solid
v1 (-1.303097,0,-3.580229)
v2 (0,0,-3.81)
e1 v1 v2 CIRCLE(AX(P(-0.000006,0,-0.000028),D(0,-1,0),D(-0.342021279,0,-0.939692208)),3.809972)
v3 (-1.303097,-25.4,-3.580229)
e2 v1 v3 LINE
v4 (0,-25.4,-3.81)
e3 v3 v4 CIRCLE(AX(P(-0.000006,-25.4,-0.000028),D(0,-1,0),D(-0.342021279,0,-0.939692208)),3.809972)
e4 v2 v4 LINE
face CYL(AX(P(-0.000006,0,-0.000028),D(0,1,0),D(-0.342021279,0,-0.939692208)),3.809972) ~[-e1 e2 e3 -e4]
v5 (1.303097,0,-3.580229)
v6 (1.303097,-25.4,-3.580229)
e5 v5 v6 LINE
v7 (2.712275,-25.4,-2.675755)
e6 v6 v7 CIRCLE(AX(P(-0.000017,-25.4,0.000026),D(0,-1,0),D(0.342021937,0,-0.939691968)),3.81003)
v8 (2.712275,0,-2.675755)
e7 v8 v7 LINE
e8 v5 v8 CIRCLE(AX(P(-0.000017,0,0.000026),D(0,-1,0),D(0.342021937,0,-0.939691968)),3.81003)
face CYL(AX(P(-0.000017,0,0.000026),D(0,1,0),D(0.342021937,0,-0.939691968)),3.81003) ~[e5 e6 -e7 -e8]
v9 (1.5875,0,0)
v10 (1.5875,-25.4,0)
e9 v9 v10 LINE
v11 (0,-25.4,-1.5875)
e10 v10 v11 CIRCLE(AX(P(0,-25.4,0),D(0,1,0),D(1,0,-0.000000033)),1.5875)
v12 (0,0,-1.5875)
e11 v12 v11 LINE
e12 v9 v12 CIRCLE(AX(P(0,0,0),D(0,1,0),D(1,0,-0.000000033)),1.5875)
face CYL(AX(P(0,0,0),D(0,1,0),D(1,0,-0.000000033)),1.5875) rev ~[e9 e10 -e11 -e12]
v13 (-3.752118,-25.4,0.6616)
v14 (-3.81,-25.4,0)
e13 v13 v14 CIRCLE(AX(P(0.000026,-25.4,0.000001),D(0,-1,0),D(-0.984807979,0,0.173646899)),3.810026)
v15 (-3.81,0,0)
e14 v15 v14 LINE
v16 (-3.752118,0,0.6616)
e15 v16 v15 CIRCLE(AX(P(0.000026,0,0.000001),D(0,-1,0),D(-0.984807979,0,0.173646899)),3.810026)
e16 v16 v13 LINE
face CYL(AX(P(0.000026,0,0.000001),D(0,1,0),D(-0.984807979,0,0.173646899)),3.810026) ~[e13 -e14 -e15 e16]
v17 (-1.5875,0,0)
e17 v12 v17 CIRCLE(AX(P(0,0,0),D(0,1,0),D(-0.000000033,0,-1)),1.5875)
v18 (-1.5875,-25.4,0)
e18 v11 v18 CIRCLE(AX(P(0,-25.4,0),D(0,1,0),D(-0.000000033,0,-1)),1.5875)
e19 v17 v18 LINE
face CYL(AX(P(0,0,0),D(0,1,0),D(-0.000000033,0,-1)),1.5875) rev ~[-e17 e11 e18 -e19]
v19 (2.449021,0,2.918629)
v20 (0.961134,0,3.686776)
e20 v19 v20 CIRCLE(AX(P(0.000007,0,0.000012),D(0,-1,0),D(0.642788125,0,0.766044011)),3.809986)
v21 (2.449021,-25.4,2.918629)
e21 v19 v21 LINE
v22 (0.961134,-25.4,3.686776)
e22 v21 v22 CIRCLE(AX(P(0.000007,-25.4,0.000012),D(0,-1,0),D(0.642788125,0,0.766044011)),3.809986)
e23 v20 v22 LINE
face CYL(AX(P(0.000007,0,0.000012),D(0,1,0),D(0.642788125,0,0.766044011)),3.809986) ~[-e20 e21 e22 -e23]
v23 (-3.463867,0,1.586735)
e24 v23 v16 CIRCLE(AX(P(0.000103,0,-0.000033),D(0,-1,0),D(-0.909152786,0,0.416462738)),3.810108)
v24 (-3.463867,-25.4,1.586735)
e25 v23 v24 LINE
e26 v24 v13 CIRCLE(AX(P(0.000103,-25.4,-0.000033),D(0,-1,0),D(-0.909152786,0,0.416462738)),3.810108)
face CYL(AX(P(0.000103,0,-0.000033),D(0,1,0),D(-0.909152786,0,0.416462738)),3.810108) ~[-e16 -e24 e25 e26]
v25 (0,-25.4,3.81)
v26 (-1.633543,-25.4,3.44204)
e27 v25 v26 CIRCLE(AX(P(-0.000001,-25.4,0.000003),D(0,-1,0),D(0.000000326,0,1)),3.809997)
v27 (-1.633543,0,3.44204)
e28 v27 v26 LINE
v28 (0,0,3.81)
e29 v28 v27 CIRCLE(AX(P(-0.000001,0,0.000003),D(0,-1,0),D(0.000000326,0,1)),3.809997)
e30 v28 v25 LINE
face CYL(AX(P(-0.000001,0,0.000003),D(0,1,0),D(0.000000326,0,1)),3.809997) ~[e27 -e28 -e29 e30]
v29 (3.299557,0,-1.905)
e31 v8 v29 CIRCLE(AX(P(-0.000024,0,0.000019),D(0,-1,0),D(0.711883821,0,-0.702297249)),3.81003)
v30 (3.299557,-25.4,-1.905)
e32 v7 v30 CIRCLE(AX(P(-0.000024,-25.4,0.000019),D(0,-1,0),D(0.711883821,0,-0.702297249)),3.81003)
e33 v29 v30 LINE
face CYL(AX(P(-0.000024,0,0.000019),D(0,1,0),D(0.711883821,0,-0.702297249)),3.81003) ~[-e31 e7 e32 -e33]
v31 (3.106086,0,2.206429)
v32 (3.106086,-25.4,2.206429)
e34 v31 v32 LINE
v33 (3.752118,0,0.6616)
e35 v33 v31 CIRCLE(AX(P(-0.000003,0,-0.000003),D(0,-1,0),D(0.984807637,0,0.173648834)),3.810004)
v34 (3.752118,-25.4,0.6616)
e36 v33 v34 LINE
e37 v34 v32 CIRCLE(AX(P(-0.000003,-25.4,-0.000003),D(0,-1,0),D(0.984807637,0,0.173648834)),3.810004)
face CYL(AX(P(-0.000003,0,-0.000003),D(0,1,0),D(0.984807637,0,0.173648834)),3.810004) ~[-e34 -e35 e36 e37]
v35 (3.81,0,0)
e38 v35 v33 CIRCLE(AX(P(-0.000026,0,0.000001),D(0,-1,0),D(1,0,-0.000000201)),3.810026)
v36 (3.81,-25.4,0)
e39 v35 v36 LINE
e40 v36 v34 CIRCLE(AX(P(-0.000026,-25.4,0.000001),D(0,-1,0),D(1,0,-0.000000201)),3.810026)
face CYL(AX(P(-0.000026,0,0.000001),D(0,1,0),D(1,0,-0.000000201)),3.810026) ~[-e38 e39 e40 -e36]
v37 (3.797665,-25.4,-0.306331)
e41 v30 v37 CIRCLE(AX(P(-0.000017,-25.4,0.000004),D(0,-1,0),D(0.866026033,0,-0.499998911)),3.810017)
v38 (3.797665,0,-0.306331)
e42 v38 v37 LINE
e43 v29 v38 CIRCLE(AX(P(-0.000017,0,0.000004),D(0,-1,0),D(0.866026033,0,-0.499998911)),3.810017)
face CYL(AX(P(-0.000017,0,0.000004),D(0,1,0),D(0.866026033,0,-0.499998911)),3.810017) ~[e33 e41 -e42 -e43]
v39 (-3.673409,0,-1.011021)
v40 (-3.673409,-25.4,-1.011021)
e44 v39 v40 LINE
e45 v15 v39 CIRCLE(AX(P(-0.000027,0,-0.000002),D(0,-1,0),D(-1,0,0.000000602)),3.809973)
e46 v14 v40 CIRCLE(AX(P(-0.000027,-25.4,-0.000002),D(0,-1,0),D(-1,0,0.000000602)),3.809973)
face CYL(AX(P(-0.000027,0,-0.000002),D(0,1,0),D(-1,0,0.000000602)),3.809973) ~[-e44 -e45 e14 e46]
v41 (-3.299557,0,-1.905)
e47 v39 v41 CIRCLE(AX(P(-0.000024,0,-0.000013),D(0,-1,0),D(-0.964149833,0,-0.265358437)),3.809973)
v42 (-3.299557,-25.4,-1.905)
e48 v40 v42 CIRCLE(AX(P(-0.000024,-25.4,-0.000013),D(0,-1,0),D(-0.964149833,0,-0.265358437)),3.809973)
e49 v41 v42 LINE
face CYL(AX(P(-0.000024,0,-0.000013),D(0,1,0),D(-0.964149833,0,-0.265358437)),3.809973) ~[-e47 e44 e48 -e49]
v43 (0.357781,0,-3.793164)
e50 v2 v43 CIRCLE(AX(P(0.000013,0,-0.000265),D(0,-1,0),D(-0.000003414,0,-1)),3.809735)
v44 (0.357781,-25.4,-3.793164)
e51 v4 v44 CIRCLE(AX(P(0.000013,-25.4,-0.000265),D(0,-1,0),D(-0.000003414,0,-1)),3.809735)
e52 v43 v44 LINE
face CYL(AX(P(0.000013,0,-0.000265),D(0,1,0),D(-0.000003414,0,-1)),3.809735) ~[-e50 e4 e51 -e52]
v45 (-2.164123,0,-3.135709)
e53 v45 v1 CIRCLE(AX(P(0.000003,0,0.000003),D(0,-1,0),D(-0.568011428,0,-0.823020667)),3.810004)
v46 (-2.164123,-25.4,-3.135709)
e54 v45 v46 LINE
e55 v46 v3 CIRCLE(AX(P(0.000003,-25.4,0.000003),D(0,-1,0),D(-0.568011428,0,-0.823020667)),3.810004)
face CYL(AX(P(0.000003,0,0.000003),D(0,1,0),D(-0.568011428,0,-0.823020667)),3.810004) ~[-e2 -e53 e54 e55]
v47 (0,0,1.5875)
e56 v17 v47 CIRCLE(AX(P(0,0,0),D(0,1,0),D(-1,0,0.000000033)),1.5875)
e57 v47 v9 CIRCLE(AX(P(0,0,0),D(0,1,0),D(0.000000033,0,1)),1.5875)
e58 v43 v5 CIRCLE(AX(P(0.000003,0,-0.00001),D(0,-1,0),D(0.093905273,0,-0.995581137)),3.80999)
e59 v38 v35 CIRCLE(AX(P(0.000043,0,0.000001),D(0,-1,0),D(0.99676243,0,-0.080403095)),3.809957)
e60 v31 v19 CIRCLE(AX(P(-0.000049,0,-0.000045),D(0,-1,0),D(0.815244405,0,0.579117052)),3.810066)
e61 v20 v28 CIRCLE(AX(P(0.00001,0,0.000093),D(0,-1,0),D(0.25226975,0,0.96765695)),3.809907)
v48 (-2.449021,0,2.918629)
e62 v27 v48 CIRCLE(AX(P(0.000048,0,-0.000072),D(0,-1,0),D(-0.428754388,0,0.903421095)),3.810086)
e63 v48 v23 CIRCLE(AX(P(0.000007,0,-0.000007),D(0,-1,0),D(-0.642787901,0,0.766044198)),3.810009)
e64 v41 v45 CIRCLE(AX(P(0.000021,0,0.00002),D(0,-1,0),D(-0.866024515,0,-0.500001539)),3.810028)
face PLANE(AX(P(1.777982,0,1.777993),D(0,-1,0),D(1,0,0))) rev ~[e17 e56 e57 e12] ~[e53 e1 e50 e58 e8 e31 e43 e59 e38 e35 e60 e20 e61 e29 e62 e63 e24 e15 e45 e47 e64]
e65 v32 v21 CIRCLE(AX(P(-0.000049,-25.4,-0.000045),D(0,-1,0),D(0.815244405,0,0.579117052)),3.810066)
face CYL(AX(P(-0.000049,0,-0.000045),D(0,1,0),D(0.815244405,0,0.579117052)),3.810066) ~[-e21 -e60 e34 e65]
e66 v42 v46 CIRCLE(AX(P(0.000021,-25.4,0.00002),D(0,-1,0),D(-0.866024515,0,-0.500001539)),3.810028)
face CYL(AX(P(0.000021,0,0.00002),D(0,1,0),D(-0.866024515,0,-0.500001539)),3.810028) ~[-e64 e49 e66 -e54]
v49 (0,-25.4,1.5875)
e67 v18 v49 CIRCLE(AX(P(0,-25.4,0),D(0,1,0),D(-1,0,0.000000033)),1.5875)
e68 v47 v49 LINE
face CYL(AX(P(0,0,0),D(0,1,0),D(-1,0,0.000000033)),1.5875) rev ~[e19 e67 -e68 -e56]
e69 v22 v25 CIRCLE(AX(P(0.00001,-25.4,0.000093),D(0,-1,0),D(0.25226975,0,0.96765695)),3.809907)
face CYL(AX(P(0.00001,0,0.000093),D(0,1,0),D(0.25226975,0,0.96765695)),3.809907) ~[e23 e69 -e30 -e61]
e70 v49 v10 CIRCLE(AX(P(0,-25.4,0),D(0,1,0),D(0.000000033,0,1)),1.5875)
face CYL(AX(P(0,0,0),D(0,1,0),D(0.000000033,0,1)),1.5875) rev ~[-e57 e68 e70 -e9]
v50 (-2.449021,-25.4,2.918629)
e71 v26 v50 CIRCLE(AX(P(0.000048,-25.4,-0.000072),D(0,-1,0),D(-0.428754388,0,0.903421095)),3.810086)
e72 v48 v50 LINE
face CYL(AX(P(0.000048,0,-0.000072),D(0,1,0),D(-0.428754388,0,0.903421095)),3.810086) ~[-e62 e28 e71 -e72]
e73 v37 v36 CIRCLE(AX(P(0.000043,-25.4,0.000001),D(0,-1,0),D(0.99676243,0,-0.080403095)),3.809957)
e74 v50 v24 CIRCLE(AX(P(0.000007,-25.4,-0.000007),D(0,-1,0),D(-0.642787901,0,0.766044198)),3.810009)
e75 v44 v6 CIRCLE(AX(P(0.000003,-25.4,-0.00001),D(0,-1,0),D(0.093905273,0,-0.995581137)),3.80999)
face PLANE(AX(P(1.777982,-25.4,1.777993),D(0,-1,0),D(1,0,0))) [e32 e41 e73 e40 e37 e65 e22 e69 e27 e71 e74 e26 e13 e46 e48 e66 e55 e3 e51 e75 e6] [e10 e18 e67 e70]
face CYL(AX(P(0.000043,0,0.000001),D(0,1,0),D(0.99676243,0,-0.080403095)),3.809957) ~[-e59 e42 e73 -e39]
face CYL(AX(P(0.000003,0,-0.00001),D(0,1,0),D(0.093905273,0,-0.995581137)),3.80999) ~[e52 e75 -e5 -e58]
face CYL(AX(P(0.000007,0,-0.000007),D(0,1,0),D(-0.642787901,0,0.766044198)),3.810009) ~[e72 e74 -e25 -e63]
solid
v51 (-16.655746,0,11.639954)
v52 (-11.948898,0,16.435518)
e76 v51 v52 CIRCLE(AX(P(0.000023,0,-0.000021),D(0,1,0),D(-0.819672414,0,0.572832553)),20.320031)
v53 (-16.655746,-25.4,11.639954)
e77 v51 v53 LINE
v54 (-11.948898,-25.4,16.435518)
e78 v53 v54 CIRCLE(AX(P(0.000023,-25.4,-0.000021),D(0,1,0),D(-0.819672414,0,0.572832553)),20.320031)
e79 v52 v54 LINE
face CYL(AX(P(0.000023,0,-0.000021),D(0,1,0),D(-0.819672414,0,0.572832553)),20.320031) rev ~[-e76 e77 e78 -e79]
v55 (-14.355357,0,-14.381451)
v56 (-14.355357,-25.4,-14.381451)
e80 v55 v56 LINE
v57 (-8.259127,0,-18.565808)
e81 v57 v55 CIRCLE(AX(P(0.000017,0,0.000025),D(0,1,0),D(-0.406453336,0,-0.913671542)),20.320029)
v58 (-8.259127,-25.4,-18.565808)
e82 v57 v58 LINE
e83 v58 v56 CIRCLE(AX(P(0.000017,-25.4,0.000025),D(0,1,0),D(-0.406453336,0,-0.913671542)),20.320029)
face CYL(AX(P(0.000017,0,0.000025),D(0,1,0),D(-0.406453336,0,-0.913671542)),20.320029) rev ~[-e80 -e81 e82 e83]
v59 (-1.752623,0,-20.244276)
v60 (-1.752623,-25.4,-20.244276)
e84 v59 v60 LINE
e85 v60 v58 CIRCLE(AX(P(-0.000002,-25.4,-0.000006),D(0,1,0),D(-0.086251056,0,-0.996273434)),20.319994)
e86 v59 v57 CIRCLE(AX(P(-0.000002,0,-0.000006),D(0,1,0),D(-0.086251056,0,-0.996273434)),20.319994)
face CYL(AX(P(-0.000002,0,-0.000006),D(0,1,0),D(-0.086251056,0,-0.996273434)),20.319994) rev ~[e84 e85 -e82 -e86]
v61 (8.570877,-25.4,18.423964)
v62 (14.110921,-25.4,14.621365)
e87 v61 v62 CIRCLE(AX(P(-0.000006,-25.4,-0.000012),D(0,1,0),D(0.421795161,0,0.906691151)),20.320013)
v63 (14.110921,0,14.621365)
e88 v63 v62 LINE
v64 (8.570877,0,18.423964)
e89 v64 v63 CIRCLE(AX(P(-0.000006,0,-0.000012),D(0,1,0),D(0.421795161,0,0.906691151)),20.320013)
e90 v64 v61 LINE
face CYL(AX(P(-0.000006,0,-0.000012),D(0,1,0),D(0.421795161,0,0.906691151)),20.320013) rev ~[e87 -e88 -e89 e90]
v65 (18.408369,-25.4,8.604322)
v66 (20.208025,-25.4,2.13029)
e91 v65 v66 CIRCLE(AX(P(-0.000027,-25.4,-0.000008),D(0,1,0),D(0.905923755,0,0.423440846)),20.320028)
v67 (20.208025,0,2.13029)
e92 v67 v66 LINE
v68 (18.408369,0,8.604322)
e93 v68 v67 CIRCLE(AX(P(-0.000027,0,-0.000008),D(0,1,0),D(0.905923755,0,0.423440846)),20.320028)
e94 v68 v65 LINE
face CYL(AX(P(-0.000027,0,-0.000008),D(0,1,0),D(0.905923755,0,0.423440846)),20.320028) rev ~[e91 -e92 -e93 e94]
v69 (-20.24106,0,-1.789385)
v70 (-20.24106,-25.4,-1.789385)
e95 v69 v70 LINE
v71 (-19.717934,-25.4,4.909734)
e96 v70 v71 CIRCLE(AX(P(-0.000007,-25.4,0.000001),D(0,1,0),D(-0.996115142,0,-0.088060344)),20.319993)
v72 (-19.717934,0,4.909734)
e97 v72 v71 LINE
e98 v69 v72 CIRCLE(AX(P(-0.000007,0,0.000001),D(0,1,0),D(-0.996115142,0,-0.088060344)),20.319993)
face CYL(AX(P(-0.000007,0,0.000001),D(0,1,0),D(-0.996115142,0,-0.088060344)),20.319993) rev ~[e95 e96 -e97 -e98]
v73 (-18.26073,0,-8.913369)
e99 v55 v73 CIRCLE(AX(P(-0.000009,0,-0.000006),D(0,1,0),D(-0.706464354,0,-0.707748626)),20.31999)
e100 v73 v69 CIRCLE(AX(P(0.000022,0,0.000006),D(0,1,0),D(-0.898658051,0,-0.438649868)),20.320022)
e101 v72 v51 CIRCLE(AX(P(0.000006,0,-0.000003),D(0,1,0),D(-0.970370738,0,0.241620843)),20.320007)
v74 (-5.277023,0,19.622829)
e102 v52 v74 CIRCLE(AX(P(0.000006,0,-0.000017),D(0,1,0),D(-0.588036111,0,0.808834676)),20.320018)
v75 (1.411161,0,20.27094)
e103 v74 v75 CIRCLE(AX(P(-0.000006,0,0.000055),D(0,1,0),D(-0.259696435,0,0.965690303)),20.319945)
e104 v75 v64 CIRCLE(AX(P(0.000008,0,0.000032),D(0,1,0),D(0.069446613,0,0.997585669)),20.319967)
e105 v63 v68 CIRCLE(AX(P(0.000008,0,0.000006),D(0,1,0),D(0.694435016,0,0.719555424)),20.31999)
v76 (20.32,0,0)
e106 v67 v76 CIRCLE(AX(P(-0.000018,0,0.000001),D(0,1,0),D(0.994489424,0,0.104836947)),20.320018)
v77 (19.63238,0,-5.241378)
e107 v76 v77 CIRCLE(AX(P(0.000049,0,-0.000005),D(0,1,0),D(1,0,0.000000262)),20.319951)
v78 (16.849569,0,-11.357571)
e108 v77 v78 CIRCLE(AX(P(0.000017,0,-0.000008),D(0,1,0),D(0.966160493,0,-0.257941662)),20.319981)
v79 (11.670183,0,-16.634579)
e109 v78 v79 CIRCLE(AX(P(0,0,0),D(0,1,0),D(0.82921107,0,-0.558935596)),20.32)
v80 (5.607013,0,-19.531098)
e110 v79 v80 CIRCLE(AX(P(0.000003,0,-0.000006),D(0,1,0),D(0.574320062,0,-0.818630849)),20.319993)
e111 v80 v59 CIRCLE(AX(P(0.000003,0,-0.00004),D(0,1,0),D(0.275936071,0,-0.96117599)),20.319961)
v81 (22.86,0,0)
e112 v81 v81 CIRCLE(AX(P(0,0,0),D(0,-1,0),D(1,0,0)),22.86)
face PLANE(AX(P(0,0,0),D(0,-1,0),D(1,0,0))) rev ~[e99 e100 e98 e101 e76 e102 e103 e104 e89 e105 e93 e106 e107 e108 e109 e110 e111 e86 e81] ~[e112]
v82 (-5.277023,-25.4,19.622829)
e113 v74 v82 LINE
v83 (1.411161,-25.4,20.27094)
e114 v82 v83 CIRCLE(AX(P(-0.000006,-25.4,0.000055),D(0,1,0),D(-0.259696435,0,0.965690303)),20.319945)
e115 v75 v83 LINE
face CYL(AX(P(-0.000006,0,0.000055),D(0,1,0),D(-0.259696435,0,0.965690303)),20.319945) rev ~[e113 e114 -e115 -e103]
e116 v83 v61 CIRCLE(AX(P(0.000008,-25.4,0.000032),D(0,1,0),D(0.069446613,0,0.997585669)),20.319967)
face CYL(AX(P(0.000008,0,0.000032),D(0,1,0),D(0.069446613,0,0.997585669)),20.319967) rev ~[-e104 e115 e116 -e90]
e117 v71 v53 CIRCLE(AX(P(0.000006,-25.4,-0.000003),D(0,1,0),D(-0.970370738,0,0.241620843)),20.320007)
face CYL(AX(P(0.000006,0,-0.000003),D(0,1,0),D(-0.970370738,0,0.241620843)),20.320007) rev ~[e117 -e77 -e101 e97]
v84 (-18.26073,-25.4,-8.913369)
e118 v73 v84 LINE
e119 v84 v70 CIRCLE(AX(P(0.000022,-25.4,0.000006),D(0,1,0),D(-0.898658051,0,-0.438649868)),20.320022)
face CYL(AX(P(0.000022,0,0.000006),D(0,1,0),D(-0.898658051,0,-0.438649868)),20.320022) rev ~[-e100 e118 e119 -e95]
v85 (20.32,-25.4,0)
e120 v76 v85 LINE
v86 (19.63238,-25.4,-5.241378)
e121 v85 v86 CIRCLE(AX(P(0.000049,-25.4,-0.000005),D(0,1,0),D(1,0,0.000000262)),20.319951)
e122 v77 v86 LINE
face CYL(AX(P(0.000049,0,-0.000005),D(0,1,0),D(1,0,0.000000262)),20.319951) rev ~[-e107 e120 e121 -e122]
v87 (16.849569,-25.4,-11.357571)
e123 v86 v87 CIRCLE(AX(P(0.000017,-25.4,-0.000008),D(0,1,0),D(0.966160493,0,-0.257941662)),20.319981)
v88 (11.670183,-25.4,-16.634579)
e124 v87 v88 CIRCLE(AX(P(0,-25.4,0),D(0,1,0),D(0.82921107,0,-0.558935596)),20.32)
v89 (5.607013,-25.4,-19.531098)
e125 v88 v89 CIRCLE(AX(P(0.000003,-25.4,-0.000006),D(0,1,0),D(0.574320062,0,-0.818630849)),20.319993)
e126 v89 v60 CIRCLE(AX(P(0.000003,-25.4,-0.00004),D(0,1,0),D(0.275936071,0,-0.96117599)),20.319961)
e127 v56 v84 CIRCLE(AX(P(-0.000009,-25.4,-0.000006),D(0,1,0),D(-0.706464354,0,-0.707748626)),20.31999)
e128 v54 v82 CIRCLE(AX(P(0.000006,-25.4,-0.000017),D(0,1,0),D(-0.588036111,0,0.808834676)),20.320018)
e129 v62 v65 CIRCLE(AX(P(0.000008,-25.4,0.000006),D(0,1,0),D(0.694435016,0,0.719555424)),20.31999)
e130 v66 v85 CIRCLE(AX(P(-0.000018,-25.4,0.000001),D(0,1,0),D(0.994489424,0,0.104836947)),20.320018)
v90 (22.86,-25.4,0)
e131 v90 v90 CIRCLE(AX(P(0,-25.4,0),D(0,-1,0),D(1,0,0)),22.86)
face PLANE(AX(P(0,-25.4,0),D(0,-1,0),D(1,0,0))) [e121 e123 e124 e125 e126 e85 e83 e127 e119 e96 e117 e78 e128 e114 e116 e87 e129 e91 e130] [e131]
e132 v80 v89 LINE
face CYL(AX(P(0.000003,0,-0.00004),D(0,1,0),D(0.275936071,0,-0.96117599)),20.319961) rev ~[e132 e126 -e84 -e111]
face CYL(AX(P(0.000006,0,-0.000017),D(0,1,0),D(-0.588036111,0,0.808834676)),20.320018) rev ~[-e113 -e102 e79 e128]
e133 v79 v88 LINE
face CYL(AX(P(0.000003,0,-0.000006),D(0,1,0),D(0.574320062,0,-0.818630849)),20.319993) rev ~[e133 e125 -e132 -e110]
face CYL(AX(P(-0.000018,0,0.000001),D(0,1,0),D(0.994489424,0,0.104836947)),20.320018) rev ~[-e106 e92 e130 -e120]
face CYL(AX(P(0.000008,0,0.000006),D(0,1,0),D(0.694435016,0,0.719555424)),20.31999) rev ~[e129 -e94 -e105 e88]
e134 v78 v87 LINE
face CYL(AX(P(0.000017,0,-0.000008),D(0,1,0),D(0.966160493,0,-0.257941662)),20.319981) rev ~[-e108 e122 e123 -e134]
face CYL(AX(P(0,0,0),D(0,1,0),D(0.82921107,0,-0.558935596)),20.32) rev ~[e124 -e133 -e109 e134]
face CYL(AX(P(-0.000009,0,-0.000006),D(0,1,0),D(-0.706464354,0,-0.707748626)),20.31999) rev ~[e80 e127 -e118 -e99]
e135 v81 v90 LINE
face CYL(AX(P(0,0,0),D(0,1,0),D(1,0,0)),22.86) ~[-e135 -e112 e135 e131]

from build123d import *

# Parameters (mm, degrees)
F0_R     = 22.86
F1_DEPTH = 25.4


with BuildPart() as f1:
    # F0 (on Front) → F1 (new body)
    with BuildSketch(Plane.XZ):
        Circle(F0_R)
        with BuildLine():
            ThreePointArc((-11.948898, 16.435518), (-8.759157, 18.3352), (-5.277023, 19.622829))
            ThreePointArc((-5.277023, 19.622829), (-1.959907, 20.225261), (1.411161, 20.27094))
            ThreePointArc((1.411161, 20.27094), (5.075736, 19.675856), (8.570877, 18.423964))
            ThreePointArc((8.570877, 18.423964), (11.499171, 16.753252), (14.110921, 14.621365))
            ThreePointArc((14.110921, 14.621365), (16.535636, 11.80996), (18.408369, 8.604322))
            ThreePointArc((18.408369, 8.604322), (19.577659, 5.442211), (20.208025, 2.13029))
            ThreePointArc((20.208025, 2.13029), (20.291987, 1.066615), (20.32, 0))
            ThreePointArc((20.32, 0), (20.147362, -2.643145), (19.63238, -5.241378))
            ThreePointArc((19.63238, -5.241378), (18.495543, -8.415301), (16.849569, -11.357571))
            ThreePointArc((16.849569, -11.357571), (14.501923, -14.233644), (11.670183, -16.634579))
            ThreePointArc((11.670183, -16.634579), (8.759157, -18.3352), (5.607013, -19.531098))
            ThreePointArc((5.607013, -19.531098), (1.959907, -20.225261), (-1.752623, -20.244276))
            ThreePointArc((-1.752623, -20.244276), (-5.075736, -19.675856), (-8.259127, -18.565808))
            ThreePointArc((-8.259127, -18.565808), (-11.499171, -16.753252), (-14.355357, -14.381451))
            ThreePointArc((-14.355357, -14.381451), (-16.535636, -11.80996), (-18.26073, -8.913369))
            ThreePointArc((-18.26073, -8.913369), (-19.577659, -5.442211), (-20.24106, -1.789385))
            ThreePointArc((-20.24106, -1.789385), (-20.258328, 1.581948), (-19.717934, 4.909734))
            ThreePointArc((-19.717934, 4.909734), (-18.495543, 8.415301), (-16.655746, 11.639954))
            ThreePointArc((-16.655746, 11.639954), (-14.501923, 14.233644), (-11.948898, 16.435518))
        make_face(mode=Mode.SUBTRACT)
        with BuildLine():
            ThreePointArc((0, 1.5875), (1.122532, 1.122532), (1.5875, 0))
            Line((1.5875, 0), (3.81, 0))
            ThreePointArc((3.81, 0), (3.795502, 0.332063), (3.752118, 0.6616))
            ThreePointArc((3.752118, 0.6616), (3.51502, 1.469944), (3.106086, 2.206429))
            ThreePointArc((3.106086, 2.206429), (2.800287, 2.583503), (2.449021, 2.918629))
            ThreePointArc((2.449021, 2.918629), (1.747799, 3.385454), (0.961134, 3.686776))
            ThreePointArc((0.961134, 3.686776), (0.484501, 3.779069), (0, 3.81))
            Line((0, 3.81), (0, 1.5875))
        make_face()
        with BuildLine():
            ThreePointArc((-1.5875, 0), (-1.122532, 1.122532), (0, 1.5875))
            Line((0, 1.5875), (0, 3.81))
            ThreePointArc((0, 3.81), (-0.837236, 3.716872), (-1.633543, 3.44204))
            ThreePointArc((-1.633543, 3.44204), (-2.057989, 3.206365), (-2.449021, 2.918629))
            ThreePointArc((-2.449021, 2.918629), (-3.030519, 2.309124), (-3.463867, 1.586735))
            ThreePointArc((-3.463867, 1.586735), (-3.637523, 1.133368), (-3.752118, 0.6616))
            ThreePointArc((-3.752118, 0.6616), (-3.795502, 0.332063), (-3.81, 0))
            Line((-3.81, 0), (-1.5875, 0))
        make_face()
        with BuildLine():
            Line((0, -3.81), (0, -1.5875))
            ThreePointArc((0, -1.5875), (-1.122532, -1.122532), (-1.5875, 0))
            Line((-1.5875, 0), (-3.81, 0))
            ThreePointArc((-3.81, 0), (-3.775698, -0.510103), (-3.673409, -1.011021))
            ThreePointArc((-3.673409, -1.011021), (-3.51502, -1.469944), (-3.299557, -1.905))
            ThreePointArc((-3.299557, -1.905), (-2.800287, -2.583503), (-2.164123, -3.135709))
            ThreePointArc((-2.164123, -3.135709), (-1.747799, -3.385454), (-1.303097, -3.580229))
            ThreePointArc((-1.303097, -3.580229), (-0.6616, -3.752118), (0, -3.81))
        make_face()
        with BuildLine():
            Line((3.81, 0), (1.5875, 0))
            ThreePointArc((1.5875, 0), (1.122532, -1.122532), (0, -1.5875))
            Line((0, -1.5875), (0, -3.81))
            ThreePointArc((0, -3.81), (0.179088, -3.805789), (0.357781, -3.793164))
            ThreePointArc((0.357781, -3.793164), (0.837236, -3.716872), (1.303097, -3.580229))
            ThreePointArc((1.303097, -3.580229), (2.057989, -3.206365), (2.712275, -2.675755))
            ThreePointArc((2.712275, -2.675755), (3.030519, -2.309124), (3.299557, -1.905))
            ThreePointArc((3.299557, -1.905), (3.637523, -1.133368), (3.797665, -0.306331))
            ThreePointArc((3.797665, -0.306331), (3.806915, -0.153289), (3.81, 0))
        make_face()
    extrude(amount=F1_DEPTH)


solid = f1.part
